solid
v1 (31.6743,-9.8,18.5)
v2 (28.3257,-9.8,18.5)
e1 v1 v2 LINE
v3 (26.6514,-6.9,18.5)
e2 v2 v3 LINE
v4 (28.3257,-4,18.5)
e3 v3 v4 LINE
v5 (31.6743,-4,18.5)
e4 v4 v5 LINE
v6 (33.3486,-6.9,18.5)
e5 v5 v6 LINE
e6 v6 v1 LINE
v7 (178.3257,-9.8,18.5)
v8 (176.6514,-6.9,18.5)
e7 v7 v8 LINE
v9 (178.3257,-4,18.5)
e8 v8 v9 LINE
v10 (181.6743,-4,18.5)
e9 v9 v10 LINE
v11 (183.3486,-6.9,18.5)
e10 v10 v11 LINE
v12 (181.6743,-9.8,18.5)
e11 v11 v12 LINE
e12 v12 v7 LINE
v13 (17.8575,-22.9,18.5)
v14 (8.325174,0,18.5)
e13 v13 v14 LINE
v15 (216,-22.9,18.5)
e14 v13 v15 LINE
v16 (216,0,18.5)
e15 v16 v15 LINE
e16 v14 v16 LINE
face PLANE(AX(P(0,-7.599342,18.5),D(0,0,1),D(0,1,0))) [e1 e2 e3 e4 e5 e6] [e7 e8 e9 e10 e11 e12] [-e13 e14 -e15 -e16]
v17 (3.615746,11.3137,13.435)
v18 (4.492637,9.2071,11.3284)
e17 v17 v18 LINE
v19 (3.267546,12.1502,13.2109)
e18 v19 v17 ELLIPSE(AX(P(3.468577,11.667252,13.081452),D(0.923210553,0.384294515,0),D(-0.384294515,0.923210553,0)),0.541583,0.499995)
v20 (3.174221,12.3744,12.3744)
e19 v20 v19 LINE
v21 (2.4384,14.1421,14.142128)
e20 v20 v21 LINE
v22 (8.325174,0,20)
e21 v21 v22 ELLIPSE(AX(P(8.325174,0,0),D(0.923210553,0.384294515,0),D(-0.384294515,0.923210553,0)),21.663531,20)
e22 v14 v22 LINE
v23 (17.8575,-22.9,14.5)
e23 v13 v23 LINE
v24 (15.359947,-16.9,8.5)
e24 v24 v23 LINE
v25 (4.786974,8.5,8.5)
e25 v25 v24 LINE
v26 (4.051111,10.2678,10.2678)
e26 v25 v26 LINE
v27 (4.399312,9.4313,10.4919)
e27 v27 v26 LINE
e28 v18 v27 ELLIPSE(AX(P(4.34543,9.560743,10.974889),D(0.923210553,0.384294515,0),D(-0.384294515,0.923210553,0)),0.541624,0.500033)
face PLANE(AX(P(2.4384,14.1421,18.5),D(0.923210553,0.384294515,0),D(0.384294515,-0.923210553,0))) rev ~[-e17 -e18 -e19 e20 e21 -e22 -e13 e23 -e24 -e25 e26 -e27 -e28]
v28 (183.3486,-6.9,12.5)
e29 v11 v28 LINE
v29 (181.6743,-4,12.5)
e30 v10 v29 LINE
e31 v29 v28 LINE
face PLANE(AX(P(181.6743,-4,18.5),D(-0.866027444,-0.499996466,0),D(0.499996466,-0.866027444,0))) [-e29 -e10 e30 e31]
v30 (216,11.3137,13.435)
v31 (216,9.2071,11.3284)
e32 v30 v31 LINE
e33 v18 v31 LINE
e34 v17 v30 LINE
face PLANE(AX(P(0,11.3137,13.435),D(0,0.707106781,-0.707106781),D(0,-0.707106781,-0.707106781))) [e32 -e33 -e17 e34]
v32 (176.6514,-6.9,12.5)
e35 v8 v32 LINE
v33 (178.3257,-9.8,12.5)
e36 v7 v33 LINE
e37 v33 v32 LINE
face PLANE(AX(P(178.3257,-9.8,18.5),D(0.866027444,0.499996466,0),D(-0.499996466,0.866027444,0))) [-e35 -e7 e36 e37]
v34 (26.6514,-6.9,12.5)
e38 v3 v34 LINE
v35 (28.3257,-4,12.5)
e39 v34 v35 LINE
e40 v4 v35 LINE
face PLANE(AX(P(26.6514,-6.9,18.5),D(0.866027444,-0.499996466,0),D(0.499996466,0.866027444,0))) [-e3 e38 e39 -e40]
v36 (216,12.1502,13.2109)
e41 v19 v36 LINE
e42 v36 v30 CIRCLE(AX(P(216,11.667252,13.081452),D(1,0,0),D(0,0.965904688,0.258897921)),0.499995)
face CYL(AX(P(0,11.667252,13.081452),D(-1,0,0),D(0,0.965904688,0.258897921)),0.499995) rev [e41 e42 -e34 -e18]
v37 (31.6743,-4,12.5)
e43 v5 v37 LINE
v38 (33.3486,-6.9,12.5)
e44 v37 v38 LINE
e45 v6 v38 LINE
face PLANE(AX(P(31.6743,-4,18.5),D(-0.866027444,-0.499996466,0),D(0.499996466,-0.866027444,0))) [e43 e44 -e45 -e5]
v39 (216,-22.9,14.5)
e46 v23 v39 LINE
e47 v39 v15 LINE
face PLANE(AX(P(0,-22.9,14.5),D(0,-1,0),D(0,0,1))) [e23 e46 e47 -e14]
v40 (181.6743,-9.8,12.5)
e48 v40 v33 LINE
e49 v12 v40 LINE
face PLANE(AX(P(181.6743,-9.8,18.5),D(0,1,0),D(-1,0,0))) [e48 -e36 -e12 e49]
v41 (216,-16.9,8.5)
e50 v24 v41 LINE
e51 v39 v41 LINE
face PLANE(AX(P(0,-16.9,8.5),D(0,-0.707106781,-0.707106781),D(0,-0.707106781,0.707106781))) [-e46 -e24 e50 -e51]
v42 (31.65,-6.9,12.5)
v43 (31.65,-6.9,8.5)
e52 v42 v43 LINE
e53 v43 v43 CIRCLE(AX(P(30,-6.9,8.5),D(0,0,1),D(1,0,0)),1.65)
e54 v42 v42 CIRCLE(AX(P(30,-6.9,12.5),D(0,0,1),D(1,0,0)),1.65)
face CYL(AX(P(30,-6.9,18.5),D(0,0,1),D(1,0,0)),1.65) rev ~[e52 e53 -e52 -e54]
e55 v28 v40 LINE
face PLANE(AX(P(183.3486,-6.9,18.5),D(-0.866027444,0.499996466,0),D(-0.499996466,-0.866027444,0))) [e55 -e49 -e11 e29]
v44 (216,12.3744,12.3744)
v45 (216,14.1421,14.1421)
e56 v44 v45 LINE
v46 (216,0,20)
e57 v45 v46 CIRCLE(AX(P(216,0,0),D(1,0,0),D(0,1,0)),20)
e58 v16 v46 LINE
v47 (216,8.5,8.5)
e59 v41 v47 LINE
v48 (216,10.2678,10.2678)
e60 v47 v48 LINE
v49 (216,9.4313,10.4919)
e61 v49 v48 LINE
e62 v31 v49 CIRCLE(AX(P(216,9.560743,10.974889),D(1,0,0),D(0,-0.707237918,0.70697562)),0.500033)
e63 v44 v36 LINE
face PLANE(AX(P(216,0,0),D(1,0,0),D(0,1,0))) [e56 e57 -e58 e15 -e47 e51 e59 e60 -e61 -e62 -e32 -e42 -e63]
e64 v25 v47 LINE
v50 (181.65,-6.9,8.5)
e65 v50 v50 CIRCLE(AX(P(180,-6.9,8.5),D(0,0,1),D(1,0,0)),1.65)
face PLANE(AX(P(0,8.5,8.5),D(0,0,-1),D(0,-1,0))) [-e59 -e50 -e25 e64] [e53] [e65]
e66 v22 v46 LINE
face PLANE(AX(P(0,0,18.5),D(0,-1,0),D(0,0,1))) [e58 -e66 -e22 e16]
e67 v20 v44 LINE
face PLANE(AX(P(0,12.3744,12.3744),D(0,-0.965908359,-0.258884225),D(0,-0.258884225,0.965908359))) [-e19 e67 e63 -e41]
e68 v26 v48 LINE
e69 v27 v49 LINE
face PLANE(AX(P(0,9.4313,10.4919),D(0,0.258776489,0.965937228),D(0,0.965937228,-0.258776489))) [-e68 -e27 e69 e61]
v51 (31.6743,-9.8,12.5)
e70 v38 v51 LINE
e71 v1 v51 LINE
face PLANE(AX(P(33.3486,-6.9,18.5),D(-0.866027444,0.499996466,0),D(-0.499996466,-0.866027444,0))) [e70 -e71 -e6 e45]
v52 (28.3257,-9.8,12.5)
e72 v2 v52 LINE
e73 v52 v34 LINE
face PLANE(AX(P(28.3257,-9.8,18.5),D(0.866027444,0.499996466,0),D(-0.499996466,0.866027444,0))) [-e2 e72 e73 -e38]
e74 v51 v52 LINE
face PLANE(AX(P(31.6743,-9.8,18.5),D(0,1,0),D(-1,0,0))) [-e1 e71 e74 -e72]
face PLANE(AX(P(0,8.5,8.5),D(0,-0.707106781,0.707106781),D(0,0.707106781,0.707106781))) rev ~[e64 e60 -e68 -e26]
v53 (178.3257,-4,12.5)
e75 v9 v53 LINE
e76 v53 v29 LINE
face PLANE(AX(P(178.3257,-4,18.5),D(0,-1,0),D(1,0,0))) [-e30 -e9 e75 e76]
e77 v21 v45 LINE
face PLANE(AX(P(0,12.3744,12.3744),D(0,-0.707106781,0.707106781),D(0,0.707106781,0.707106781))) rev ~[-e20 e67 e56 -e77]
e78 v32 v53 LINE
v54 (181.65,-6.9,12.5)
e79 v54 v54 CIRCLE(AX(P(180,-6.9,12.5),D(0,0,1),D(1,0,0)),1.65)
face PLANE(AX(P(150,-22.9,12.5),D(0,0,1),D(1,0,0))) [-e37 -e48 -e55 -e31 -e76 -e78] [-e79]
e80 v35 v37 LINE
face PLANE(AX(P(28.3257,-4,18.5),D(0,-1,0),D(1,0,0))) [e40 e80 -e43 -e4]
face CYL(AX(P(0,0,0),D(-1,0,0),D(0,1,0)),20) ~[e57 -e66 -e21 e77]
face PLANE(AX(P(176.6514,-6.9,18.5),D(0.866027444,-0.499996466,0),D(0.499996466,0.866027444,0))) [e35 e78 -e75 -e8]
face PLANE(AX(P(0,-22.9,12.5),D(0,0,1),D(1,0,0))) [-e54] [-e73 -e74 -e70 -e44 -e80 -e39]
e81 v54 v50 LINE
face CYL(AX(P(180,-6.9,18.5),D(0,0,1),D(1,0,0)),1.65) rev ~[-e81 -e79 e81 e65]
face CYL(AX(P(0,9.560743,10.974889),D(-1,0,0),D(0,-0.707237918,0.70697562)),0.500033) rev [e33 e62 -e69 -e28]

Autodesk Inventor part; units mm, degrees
ref_plane "YZ Plane" through (0, 0, 0) normal (1, 0, 0) x (0, 1, 0)
ref_plane "XZ Plane" through (0, 0, 0) normal (0, 1, 0) x (-1, 0, 0)
ref_plane "XY Plane" through (0, 0, 0) normal (0, 0, 1) x (1, 0, 0)
sketch "Sketch1" plane through (0, 0, 0) normal (1, 0, 0) x (0, 1, 0)
  circle A0 centre (0, 0) radius 20
  line L0 (8.5, 8.5) -> (-16.9, 8.5)
  line L1 (8.5, 8.5) -> (8.5, -16.9)
  line L2 (0, 0) -> (0, 20)
  line L3 (0, 20) -> (-60.9241, 20)
  line L4 (-60.9241, 20) -> (-60.9241, 18.5)
  line L5 (-60.9241, 18.5) -> (0, 18.5)
  line L6 (0, 18.5) -> (0, 20)
  line L7 (0, 0) -> (14.1421, 14.1421)
  line L8 (0, 0) -> (20, 0)
  line L9 (-16.9, 8.5) -> (-16.9, 18.5)
  line L10 (-16.9, 8.5) -> (-22.9, 14.5)
  line L11 (-22.9, 14.5) -> (-22.9, 18.5)
  line L12 (12.3744, 12.3744) -> (12.1502, 13.2109)
  line L13 (11.3137, 13.435) -> (9.2071, 11.3284)
  line L14 (9.4313, 10.4919) -> (10.2678, 10.2678)
  line L15 (8.5, 8.5) -> (8.5, -16.9)
  line L16 (20, 0) -> (20, -60.9241)
  line L17 (20, -60.9241) -> (18.5, -60.9241)
  line L18 (18.5, -60.9241) -> (18.5, 0)
  line L19 (8.5, -16.9) -> (18.5, -16.9)
  line L20 (8.5, -16.9) -> (14.5, -22.9)
  line L21 (14.5, -22.9) -> (18.5, -22.9)
  arc A1 (9.2071, 11.3284) -> (9.4313, 10.4919) centre (9.5607, 10.9749) ccw
  arc A2 (12.1502, 13.2109) -> (11.3137, 13.435) centre (11.6673, 13.0815) ccw
  line L22 (10.4311, 10.4311) -> (9.483, 10.6851)
  arc A3 (9.3485, 11.187) -> (9.483, 10.6851) centre (9.5607, 10.9749) ccw
  line L23 (9.3485, 11.187) -> (11.4551, 13.2936)
  arc A4 (11.957, 13.1591) -> (11.4551, 13.2936) centre (11.6673, 13.0815) ccw
  line L24 (11.957, 13.1591) -> (12.2111, 12.2111)
  point P0 (0, 8.5)
  point P1 (-17.7041, 9.3041)
  point P2 (-16.9, 10.6953)
  dimension "d0" = 40
  dimension "d1" = 25.4
  dimension "d2" = 1.5
  dimension "d4" = 45
  dimension "d6" = 45
  dimension "d7" = 4
  dimension "d8" = 10
  dimension "d10" = 2.5
  dimension "d11" = 2.5
  dimension "d12" = 60
  dimension "d13" = 1.5
  dimension "d15" = 0.5
  dimension "d16" = 0.2
extrude "Extrusion1" add sketch "Sketch1" along normal blind 216 contours L7 L12 A2 L13 A1 L14 L0 L2 A0 | L5 L2 L0 L9 A0 | A0 L9 L5 | L9 L10 A0 | A0 L10 L11 L5 L9
sketch "Sketch2" plane through (0, -22.9, 18.5) normal (0, 0, 1) x (1, 0, 0)
  line L0 (0, 22.9) -> (0, 0) projected
  line L1 (0, 0) -> (216, 0) projected
  line L2 (216, 22.9) -> (216, 0) projected
  line L3 (0, 22.9) -> (216, 22.9) projected
  line L4 (28.3257, 13.1) -> (26.6514, 16)
  line L5 (26.6514, 16) -> (28.3257, 18.9)
  line L6 (28.3257, 18.9) -> (31.6743, 18.9)
  line L7 (31.6743, 18.9) -> (33.3486, 16)
  line L8 (33.3486, 16) -> (31.6743, 13.1)
  line L9 (31.6743, 13.1) -> (28.3257, 13.1)
  line L10 (0, 6) -> (216, 6) projected
  circle A0 centre (30, 16) radius 1.65
  dimension "d20" = 10
  dimension "d21" = 5.8
  dimension "d22" = 30
  dimension "d25" = 3.3
extrude "Extrusion2" cut sketch "Sketch2" against normal blind 6 contours L4 L5 L6 L7 L8 L9 | A0
extrude "Extrusion3" cut sketch "Sketch2" against normal through all contours A0
sketch "Sketch3" plane through (0, -22.9, 18.5) normal (0, 0, 1) x (1, 0, 0)
  line L0 (0, 37.0421) -> (216, 37.0421) projected
  line L1 (0, 0) -> (216, 0) projected
  line L2 (0, 22.9) -> (0, 0) projected
  line L3 (0, 22.9) -> (0, 37.0421) projected
  line L4 (2.4384, 37.0421) -> (17.8575, 0)
  line L5 (0, 0) -> (216, 0) projected
  line L6 (2.4384, 37.0421) -> (0, 42.9) projected
  point P0 (17.8575, 0)
  dimension "d28" = 112.6
extrude "Extrusion4" cut sketch "Sketch3" along normal through all both and the other way through all
pattern_linear "Rectangular Pattern1" count 2 spacing 150 along (1, 0, 0) of "Extrusion3", "Extrusion2"
properties part number "ESQUINA_REDONDEADA_R20" material "Steel, Mild, Welded"
